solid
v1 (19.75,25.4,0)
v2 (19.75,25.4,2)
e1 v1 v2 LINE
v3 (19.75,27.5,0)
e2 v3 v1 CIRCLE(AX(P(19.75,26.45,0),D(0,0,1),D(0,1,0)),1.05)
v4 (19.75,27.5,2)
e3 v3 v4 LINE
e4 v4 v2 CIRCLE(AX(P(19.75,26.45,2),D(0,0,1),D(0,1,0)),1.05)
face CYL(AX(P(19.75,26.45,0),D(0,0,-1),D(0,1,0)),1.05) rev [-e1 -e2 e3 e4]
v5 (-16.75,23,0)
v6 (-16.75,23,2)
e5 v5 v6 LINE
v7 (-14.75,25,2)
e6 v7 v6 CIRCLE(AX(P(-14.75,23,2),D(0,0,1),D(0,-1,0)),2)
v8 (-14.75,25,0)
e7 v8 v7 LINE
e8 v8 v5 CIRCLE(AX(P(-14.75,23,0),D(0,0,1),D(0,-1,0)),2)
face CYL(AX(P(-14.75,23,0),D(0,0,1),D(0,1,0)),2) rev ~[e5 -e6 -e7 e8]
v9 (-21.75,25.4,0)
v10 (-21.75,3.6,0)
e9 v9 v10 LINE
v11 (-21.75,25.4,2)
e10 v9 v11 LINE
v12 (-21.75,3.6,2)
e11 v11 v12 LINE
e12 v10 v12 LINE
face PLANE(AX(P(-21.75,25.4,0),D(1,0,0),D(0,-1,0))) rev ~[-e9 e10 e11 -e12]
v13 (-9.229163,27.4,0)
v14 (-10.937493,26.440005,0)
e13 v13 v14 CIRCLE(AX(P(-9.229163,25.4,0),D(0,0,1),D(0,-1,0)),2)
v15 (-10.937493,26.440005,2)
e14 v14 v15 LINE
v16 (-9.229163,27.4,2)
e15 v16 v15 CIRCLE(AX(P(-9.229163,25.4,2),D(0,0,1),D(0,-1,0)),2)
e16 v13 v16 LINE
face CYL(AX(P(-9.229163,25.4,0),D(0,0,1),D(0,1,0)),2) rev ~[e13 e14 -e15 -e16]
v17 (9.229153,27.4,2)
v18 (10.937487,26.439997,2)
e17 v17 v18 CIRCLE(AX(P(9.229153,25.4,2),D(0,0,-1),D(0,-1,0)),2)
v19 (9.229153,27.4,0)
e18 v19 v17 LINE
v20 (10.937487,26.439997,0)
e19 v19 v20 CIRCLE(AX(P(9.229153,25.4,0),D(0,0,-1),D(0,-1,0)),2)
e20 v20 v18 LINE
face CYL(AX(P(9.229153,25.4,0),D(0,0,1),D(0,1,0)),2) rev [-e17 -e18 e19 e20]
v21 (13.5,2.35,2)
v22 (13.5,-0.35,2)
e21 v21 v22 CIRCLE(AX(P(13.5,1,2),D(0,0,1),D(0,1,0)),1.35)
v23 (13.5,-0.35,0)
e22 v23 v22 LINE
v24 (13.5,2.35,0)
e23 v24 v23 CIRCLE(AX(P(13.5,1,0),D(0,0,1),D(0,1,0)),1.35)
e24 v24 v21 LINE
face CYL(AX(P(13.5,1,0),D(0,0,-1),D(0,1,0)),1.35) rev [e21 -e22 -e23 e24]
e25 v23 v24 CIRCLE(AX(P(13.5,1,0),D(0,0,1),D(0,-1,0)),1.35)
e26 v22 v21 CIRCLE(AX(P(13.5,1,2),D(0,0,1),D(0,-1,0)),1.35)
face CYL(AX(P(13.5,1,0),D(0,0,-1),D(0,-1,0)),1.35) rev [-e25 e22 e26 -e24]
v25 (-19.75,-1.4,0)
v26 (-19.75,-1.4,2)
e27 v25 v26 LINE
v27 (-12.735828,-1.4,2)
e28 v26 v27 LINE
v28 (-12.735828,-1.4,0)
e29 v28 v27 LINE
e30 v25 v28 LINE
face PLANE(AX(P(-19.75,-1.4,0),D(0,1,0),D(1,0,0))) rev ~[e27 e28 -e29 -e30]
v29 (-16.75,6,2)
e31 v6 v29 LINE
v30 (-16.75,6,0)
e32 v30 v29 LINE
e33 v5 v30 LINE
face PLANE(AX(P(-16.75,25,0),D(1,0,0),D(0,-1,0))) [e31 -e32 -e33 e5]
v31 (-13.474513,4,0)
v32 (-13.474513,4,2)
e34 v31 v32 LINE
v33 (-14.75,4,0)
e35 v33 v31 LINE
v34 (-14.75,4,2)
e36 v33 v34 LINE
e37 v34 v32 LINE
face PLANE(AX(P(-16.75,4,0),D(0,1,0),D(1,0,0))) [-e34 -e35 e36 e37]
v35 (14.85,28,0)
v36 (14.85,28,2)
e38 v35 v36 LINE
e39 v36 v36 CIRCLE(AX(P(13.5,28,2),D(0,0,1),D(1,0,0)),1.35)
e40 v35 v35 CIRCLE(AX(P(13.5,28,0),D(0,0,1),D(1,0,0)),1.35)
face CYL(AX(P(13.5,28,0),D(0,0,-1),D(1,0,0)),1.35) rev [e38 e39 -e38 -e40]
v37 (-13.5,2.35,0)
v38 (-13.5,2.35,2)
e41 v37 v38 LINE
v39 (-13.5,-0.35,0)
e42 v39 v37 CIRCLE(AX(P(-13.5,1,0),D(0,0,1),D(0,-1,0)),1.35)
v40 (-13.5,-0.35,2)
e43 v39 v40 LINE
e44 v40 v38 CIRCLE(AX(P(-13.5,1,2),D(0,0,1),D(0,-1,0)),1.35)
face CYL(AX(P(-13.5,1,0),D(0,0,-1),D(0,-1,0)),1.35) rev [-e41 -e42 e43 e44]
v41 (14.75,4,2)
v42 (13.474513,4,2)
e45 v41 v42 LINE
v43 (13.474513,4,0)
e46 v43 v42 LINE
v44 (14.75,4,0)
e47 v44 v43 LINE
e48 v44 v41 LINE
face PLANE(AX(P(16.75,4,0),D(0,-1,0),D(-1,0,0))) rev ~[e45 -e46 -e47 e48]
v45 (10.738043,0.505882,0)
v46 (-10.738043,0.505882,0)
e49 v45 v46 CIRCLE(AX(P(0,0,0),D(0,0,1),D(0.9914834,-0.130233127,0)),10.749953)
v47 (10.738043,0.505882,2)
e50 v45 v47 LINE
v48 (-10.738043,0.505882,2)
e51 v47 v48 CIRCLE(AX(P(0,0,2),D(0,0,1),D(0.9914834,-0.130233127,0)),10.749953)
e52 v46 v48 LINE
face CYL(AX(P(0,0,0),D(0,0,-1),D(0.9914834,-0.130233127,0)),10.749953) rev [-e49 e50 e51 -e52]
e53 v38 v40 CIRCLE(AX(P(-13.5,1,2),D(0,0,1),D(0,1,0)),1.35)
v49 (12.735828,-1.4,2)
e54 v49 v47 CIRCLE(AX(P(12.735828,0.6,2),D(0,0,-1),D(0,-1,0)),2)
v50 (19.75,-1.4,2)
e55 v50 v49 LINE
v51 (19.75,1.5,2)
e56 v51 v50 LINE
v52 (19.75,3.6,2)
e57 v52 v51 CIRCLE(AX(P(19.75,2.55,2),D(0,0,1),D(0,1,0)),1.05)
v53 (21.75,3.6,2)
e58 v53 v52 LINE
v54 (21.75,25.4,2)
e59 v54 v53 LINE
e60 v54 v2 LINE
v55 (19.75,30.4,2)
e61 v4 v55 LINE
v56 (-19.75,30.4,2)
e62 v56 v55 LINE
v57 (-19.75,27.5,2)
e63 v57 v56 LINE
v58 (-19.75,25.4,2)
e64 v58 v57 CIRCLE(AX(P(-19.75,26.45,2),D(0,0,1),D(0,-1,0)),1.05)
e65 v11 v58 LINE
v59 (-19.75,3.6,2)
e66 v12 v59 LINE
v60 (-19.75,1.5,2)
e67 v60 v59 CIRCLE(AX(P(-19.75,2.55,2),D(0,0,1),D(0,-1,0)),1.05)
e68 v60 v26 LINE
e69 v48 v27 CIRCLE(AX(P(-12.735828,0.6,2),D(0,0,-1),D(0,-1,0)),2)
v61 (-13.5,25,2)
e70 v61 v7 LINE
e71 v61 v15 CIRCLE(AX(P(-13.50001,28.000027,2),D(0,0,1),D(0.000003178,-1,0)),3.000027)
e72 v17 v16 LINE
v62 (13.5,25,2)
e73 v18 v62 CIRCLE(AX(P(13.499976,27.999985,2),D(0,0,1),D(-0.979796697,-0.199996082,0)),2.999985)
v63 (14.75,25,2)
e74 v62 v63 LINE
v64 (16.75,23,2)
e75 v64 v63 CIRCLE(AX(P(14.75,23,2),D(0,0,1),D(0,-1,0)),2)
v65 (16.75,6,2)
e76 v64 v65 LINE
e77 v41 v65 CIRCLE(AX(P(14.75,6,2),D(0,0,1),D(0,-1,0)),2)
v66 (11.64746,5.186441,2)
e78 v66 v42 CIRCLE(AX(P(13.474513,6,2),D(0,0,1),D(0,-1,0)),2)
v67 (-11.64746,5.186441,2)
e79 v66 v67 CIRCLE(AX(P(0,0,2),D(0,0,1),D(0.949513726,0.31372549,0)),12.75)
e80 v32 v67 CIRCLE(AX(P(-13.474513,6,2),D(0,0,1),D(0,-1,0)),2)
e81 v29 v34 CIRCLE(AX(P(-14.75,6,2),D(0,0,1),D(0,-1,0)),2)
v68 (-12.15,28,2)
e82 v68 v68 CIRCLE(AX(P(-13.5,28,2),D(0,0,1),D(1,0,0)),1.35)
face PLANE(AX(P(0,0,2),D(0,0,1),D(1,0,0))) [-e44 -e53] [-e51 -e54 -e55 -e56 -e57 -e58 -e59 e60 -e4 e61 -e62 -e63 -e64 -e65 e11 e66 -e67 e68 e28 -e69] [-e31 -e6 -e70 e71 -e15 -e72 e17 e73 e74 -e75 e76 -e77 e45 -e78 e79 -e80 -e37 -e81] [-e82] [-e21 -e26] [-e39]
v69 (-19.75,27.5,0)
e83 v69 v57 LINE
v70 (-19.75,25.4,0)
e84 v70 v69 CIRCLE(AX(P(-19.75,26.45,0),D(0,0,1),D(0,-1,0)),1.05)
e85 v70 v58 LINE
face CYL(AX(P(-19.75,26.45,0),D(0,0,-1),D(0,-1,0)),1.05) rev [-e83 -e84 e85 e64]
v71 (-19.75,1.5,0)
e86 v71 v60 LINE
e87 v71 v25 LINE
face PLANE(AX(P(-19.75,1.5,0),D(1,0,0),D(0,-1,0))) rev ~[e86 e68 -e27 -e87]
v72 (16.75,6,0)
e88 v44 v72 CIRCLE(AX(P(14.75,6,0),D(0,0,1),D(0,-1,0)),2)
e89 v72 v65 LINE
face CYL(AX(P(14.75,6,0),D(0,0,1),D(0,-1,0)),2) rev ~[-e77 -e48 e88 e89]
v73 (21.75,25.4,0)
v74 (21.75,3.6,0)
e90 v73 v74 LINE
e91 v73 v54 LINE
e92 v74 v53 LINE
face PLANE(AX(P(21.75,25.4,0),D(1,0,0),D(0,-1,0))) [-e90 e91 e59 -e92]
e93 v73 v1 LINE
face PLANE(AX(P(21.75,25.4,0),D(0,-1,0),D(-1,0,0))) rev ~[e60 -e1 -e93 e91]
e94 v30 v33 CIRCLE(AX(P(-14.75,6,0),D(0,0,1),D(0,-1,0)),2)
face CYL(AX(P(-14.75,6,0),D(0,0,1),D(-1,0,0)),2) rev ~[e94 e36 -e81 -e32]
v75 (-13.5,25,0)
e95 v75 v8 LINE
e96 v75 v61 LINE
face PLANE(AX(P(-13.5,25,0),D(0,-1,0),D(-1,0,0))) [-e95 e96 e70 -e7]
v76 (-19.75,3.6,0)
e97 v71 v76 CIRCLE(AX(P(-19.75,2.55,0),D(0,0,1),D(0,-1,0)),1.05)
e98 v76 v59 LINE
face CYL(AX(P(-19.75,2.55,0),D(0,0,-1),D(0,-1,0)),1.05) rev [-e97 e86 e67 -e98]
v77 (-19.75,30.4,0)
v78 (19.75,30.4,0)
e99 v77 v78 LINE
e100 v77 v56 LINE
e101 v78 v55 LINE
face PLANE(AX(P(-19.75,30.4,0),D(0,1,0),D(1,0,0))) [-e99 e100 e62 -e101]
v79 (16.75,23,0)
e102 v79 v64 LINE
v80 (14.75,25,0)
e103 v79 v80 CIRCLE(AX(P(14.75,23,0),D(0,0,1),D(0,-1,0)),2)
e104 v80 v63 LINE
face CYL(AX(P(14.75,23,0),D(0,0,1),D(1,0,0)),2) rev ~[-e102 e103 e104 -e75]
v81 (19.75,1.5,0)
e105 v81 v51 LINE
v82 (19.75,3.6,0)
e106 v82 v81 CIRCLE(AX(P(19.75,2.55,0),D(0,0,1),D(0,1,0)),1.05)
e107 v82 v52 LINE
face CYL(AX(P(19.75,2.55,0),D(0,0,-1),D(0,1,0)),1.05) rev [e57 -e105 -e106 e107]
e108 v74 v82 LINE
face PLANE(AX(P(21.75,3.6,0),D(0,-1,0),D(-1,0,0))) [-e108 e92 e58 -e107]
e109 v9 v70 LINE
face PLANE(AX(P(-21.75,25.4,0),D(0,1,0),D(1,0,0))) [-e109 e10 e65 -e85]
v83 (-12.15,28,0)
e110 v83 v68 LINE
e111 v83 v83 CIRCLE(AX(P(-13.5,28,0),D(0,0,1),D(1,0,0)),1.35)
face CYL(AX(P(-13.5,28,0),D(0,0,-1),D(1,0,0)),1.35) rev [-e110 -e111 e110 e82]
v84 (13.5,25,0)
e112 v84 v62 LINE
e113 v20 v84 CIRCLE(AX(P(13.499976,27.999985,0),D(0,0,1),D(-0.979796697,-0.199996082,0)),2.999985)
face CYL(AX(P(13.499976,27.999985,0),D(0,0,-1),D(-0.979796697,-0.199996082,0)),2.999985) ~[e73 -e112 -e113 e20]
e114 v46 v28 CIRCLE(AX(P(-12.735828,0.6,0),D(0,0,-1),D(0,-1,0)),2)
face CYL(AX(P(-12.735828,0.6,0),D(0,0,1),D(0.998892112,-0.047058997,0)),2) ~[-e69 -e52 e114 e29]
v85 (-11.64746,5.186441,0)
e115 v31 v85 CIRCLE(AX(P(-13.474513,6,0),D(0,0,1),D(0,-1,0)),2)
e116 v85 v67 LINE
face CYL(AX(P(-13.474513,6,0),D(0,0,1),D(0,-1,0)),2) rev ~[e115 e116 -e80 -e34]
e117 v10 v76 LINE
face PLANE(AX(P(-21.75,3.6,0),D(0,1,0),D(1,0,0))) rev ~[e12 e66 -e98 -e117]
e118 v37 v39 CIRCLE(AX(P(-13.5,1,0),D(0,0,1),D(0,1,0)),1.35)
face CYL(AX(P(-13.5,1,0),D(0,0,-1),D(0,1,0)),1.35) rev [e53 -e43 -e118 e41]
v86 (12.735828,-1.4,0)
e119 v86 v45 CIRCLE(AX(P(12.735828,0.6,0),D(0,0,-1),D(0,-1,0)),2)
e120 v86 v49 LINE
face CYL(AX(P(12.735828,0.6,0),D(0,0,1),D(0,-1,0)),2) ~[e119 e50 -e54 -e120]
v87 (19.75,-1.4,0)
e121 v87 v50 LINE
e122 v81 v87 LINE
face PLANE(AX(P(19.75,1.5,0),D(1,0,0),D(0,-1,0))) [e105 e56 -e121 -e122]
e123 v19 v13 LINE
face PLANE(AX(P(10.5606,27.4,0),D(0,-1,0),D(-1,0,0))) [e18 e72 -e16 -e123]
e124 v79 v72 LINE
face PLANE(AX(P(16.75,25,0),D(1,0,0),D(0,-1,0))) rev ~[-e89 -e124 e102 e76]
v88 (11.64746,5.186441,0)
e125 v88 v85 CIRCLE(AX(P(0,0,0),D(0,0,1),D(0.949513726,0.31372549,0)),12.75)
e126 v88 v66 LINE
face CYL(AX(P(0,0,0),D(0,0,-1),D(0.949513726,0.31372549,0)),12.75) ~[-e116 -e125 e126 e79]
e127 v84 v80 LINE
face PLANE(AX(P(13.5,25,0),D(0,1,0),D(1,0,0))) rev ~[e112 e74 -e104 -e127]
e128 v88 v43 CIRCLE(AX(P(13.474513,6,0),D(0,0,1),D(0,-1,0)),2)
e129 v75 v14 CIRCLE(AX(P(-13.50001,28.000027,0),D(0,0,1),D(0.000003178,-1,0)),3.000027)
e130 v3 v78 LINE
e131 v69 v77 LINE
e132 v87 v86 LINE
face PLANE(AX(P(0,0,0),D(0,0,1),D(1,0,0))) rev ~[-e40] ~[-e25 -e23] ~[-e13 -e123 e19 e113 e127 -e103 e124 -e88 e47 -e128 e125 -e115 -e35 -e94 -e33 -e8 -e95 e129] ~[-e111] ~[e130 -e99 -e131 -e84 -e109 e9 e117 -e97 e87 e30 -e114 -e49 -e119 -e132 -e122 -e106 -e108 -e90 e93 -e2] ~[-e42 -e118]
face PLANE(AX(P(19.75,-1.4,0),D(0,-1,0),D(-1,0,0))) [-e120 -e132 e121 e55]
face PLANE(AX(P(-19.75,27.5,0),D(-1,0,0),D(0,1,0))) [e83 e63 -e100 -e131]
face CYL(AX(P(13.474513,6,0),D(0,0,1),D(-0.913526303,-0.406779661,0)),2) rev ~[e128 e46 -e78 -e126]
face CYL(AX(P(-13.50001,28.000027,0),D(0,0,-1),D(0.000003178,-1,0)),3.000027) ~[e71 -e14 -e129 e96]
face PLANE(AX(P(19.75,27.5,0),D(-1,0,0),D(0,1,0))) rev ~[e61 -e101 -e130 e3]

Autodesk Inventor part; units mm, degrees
ref_plane "YZ Plane" through (0, 0, 0) normal (1, 0, 0) x (0, 1, 0)
ref_plane "XZ Plane" through (0, 0, 0) normal (0, 1, 0) x (-1, 0, 0)
ref_plane "XY Plane" through (0, 0, 0) normal (0, 0, 1) x (1, 0, 0)
sketch "スケッチ1" plane through (0, 0, 0) normal (0, 0, 1) x (1, 0, 0)
  circle A0 centre (0, 0) radius 10.5 construction
  line L0 (-13.5, 28) -> (13.5, 28) construction
  line L1 (13.5, 28) -> (13.5, 1) construction
  line L2 (13.5, 1) -> (-13.5, 1) construction
  line L3 (-13.5, 1) -> (-13.5, 28) construction
  line L4 (-13.5, 28) -> (13.5, 1) construction
  line L5 (13.5, 28) -> (-13.5, 1) construction
  line L6 (-13.5, 14.5) -> (13.5, 14.5) construction
  line L7 (0, 28) -> (0, 1) construction
  circle A1 centre (-13.5, 28) radius 1.35
  circle A2 centre (-13.5, 1) radius 2.4 construction
  circle A3 centre (-13.5, 28) radius 2.4 construction
  line L8 (-19.75, 30.4) -> (19.75, 30.4)
  line L9 (-21.75, 25.4) -> (-21.75, 3.6)
  line L10 (-21.75, 25.4) -> (-19.75, 25.4)
  arc A4 (-19.75, 25.4) -> (-19.75, 27.5) centre (-19.75, 26.45) ccw
  line L11 (-19.75, 27.5) -> (-19.75, 30.4)
  line L12 (-21.75, 3.6) -> (-19.75, 3.6)
  arc A5 (-19.75, 1.5) -> (-19.75, 3.6) centre (-19.75, 2.55) ccw
  line L13 (-19.75, 1.5) -> (-19.75, -1.4)
  line L14 (-19.75, -1.4) -> (-10.6584, -1.4)
  line L15 (21.75, 25.4) -> (21.75, 3.6)
  arc A6 (19.75, 27.5) -> (19.75, 25.4) centre (19.75, 26.45) ccw
  line L16 (19.75, 27.5) -> (19.75, 30.4)
  arc A7 (19.75, 3.6) -> (19.75, 1.5) centre (19.75, 2.55) ccw
  line L17 (21.75, 3.6) -> (19.75, 3.6)
  line L18 (19.75, 1.5) -> (19.75, -1.4)
  line L19 (19.75, -1.4) -> (10.6584, -1.4)
  line L20 (21.75, 25.4) -> (19.75, 25.4)
  arc A8 (10.6584, -1.4) -> (-10.6584, -1.4) centre (0, 0) ccw
  circle A9 centre (13.5, 28) radius 1.35
  line L21 (10.5606, 27.4) -> (-10.5606, 27.4)
  arc A10 (-13.5, 25) -> (-10.5606, 27.4) centre (-13.5, 28) ccw
  line L22 (-13.5, 25) -> (-16.75, 25)
  line L23 (-16.75, 25) -> (-16.75, 4)
  arc A11 (12.1063, 4) -> (-12.1063, 4) centre (0, 0) ccw
  line L24 (-16.75, 4) -> (-12.1063, 4)
  arc A12 (10.5606, 27.4) -> (13.5, 25) centre (13.5, 28) ccw
  line L25 (13.5, 25) -> (16.75, 25)
  line L26 (16.75, 25) -> (16.75, 4)
  line L27 (16.75, 4) -> (12.1063, 4)
  line L28 (-13.5, 2.35) -> (-13.5, 2.35)
  line L29 (-13.5, -0.35) -> (-13.5, -0.35)
  arc A13 (-13.5, -0.35) -> (-13.5, 2.35) centre (-13.5, 1) ccw
  arc A14 (-13.5, 2.35) -> (-13.5, -0.35) centre (-13.5, 1) ccw
  line L30 (13.5, -0.35) -> (13.5, -0.35)
  arc A15 (13.5, 2.35) -> (13.5, -0.35) centre (13.5, 1) ccw
  arc A16 (13.5, -0.35) -> (13.5, 2.35) centre (13.5, 1) ccw
  line L31 (13.5, 2.35) -> (13.5, 2.35)
  point P0 (0, 14.5)
  dimension "d0" = 21
  dimension "d3" = 27
  dimension "d4" = 27
  dimension "d6" = 1
  dimension "d7" = 4.8
  dimension "d8" = 2
  dimension "d9" = 1.05
  dimension "d10" = 39.5
  dimension "d11" = 5
  dimension "d12" = 5
  dimension "d13" = 21.8
  dimension "d14" = 0.25
  dimension "d15" = 3
  dimension "d16" = 3
  dimension "d17" = 3
  dimension "d18" = 2
  dimension "d24" = 2.7
  dimension "d25" = 1.35
  dimension "d26" = 0
extrude "押し出し1" add sketch "スケッチ1" along normal blind 2
fillet "フィレット1" radius 2 2 edges at (-10.6584, -1.4, 1) (10.6584, -1.4, 1)
fillet "フィレット2" radius 2 8 edges at (-16.75, 4, 1) (-16.75, 25, 1) (-10.5606, 27.4, 1) (10.5606, 27.4, 1) (16.75, 25, 1) (16.75, 4, 1) (12.1063, 4, 1) (-12.1063, 4, 1)
equation "\"d25\" = 0.5 * d24"
properties part number "Ankle_back_frame" material "アルミニウム 2014-T4"
